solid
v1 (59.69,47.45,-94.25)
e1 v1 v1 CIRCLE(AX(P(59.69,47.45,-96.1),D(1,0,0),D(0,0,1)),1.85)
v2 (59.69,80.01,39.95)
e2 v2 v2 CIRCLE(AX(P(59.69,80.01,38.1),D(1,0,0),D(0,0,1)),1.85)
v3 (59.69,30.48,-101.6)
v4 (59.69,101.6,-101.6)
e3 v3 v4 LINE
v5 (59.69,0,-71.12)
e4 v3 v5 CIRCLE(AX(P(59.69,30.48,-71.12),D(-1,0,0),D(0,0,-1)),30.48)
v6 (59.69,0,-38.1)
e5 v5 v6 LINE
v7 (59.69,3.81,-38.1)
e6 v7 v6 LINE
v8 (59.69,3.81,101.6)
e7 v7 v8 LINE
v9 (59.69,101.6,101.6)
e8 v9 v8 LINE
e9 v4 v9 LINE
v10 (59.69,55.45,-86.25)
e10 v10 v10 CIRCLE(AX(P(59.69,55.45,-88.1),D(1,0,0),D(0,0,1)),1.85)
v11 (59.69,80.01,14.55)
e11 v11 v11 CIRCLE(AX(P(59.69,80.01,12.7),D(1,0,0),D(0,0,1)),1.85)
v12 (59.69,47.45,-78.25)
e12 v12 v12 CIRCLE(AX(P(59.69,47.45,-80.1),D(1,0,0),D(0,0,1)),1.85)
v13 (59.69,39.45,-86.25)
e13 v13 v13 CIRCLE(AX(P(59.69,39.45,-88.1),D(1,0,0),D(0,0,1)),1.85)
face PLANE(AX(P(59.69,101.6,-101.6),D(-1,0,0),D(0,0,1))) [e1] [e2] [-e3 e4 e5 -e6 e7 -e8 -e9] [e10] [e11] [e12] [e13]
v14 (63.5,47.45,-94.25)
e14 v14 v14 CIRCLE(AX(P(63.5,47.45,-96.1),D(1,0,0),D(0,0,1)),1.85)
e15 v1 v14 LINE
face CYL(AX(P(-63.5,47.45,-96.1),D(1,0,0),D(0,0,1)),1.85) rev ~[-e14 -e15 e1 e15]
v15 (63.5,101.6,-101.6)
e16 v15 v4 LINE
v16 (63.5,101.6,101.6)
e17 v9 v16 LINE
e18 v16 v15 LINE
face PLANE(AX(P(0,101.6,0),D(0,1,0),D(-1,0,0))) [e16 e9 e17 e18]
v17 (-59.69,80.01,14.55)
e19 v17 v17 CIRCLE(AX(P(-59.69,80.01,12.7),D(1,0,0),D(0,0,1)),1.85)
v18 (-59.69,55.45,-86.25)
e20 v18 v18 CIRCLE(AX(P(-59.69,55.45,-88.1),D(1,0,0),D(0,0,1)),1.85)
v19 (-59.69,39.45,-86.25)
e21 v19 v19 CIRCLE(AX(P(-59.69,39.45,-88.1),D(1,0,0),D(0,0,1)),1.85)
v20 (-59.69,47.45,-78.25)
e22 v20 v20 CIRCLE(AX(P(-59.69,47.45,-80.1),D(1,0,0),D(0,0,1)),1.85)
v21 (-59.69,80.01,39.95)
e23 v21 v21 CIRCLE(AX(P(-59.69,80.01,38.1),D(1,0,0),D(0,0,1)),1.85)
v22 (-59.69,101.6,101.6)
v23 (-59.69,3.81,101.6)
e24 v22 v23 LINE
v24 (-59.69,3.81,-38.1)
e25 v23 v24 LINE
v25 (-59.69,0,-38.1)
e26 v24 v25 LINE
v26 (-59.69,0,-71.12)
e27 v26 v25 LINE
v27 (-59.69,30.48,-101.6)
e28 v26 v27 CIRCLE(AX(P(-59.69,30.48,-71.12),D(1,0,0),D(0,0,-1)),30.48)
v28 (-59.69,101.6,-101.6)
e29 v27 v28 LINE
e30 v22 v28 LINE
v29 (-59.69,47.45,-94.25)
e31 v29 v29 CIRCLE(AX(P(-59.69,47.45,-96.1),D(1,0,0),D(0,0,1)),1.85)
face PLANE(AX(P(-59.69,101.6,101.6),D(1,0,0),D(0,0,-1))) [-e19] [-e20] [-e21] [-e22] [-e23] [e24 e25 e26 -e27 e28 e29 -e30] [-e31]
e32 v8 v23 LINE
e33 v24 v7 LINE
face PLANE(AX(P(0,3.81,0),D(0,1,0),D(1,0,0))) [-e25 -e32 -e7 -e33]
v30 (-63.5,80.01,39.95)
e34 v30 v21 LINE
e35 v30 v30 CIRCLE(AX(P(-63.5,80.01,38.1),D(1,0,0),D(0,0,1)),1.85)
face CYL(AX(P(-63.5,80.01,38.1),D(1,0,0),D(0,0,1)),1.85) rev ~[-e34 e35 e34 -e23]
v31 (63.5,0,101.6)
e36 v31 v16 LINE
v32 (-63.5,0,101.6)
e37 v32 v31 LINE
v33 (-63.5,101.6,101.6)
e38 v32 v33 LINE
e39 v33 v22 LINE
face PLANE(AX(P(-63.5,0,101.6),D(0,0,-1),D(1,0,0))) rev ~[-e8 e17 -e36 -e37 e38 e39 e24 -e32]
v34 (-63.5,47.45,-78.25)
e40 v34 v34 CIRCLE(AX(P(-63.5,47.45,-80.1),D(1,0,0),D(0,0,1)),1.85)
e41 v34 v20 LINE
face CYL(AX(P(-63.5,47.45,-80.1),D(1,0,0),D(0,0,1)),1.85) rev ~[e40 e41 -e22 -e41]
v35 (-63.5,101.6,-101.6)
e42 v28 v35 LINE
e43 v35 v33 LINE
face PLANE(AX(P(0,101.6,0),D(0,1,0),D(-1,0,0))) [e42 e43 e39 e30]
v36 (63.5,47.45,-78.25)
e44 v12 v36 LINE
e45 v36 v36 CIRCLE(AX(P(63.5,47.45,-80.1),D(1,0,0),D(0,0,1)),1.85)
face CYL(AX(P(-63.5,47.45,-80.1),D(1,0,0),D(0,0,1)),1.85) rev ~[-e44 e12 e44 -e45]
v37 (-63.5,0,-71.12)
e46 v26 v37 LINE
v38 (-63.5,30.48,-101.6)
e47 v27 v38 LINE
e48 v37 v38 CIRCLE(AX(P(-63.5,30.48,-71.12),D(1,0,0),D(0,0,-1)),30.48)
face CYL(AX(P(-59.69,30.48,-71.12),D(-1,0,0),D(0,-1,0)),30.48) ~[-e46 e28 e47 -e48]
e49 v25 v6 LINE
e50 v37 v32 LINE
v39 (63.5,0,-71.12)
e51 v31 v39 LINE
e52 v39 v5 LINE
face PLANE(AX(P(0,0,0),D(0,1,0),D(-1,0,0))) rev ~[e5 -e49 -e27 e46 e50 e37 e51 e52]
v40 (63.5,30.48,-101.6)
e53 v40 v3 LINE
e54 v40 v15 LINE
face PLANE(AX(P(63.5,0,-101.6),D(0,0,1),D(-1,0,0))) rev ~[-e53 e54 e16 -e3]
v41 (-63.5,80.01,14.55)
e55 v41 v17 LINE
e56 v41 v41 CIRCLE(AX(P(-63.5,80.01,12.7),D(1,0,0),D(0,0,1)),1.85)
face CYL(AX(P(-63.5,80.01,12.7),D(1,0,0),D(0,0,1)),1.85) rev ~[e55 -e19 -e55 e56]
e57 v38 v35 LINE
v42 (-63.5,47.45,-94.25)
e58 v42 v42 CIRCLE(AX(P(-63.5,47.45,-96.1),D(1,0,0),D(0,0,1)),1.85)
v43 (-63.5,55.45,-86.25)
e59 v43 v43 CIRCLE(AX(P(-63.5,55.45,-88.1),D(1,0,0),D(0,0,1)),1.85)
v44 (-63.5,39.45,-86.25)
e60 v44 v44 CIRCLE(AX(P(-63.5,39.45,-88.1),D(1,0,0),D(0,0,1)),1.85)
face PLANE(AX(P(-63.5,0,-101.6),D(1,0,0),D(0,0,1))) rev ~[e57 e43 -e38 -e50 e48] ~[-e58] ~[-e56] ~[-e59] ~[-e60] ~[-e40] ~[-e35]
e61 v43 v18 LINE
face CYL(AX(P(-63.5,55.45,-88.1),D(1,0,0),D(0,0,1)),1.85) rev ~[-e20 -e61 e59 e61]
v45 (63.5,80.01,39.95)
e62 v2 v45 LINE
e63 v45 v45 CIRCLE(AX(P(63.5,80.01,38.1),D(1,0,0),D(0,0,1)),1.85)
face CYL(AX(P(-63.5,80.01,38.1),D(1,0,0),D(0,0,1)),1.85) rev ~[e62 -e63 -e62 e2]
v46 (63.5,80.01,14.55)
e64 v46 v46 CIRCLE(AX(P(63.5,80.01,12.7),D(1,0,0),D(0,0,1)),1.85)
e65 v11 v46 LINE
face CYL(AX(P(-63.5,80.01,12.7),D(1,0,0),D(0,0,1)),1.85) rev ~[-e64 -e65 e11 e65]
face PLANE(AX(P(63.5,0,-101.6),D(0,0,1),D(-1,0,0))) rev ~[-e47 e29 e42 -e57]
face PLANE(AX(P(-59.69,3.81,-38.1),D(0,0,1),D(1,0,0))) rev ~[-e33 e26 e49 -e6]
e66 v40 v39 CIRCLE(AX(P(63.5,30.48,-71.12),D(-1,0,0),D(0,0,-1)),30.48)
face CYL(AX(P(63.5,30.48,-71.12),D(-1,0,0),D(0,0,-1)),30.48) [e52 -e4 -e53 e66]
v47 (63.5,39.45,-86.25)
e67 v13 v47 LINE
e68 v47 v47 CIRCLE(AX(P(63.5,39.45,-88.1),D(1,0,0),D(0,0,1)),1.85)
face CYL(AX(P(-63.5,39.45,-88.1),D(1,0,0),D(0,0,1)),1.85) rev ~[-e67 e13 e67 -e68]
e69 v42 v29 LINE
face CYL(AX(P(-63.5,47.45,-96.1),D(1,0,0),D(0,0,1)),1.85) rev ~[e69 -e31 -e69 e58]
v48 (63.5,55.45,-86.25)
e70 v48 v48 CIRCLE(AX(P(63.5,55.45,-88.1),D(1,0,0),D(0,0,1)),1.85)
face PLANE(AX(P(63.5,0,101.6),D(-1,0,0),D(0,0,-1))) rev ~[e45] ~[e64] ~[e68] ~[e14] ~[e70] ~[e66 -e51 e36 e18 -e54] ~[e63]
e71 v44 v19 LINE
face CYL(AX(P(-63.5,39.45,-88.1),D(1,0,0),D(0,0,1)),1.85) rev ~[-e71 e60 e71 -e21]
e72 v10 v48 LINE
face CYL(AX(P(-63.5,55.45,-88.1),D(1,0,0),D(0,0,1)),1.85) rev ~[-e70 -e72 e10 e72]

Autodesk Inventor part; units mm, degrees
ref_plane "YZ Plane" through (0, 0, 0) normal (1, 0, 0) x (0, 1, 0)
ref_plane "XZ Plane" through (0, 0, 0) normal (0, 1, 0) x (-1, 0, 0)
ref_plane "XY Plane" through (0, 0, 0) normal (0, 0, 1) x (1, 0, 0)
sketch "Sketch1" plane through (0, 0, 0) normal (0, 1, 0) x (-1, 0, 0)
  line L0 (-63.5, -101.6) -> (63.5, -101.6)
  line L1 (63.5, -101.6) -> (63.5, 101.6)
  line L2 (63.5, 101.6) -> (-63.5, 101.6)
  line L3 (-63.5, 101.6) -> (-63.5, -101.6)
  line L4 (-63.5, -101.6) -> (63.5, 101.6) construction
  line L5 (63.5, -101.6) -> (-63.5, 101.6) construction
  point P0 (0, 0)
  dimension "d0" = 127
  dimension "d1" = 203.2
extrude "Extrusion1" add sketch "Sketch1" along normal blind 101.6
sketch "Sketch3" plane through (0, 101.6, 0) normal (0, 1, 0) x (1, 0, 0)
  line L0 (63.5, 101.6) -> (-63.5, 101.6) projected
  line L1 (59.69, -101.6) -> (-59.69, -101.6)
  line L2 (-59.69, -101.6) -> (-59.69, 101.6)
  line L3 (-59.69, 101.6) -> (59.69, 101.6)
  line L4 (59.69, 101.6) -> (59.69, -101.6)
  line L5 (59.69, -101.6) -> (-59.69, 101.6) construction
  line L6 (-59.69, -101.6) -> (59.69, 101.6) construction
  point P0 (0, 0)
  dimension "d4" = 119.38
extrude "Extrusion2" cut sketch "Sketch3" against normal blind 97.79
sketch "Sketch4" plane through (0, 3.81, 0) normal (0, 1, 0) x (1, 0, 0)
  line L0 (59.69, 101.6) -> (59.69, -101.6) projected
  line L1 (-59.69, 101.6) -> (59.69, 101.6) projected
  line L2 (59.69, 101.6) -> (-59.69, 101.6)
  line L3 (-59.69, 101.6) -> (-59.69, 38.1)
  line L4 (-59.69, 38.1) -> (59.69, 38.1)
  line L5 (59.69, 38.1) -> (59.69, 101.6)
  point P0 (0, 0)
  dimension "d7" = 63.5
extrude "Extrusion3" cut sketch "Sketch4" against normal blind 3.81
fillet "Fillet1" radius 30.48 2 edges at (61.595, 0, -101.6) (-61.595, 0, -101.6)
sketch "Sketch7" plane through (-63.5, 0, 101.6) normal (-1, 0, 0) x (0, 0, 1)
  circle A0 centre (-197.7, 47.45) radius 1.85 projected
  circle A1 centre (-189.7, 55.45) radius 1.85 projected
  circle A2 centre (-181.7, 47.45) radius 1.85 projected
  circle A3 centre (-189.7, 47.45) radius 4 projected
  circle A4 centre (-189.7, 39.45) radius 1.85 projected
  point P0 (-101.6, 0)
hole "Hole3" at (-63.5, 39.45, -88.1) at (-63.5, 47.45, -80.1) at (-63.5, 55.45, -88.1) at (-63.5, 47.45, -96.1) direction (1, 0, 0) diameter 3.7 end through all
sketch "Sketch8" plane through (-63.5, 0, 101.6) normal (-1, 0, 0) x (0, 0, 1)
  circle A0 centre (-88.9, 80.01) radius 1.85 projected
  circle A1 centre (-63.5, 80.01) radius 1.85 projected
  point P0 (-101.6, 0)
hole "Hole4" at (-63.5, 80.01, 12.7) at (-63.5, 80.01, 38.1) direction (1, 0, 0) diameter 3.7 end through all
properties part number "Base Bucket"
